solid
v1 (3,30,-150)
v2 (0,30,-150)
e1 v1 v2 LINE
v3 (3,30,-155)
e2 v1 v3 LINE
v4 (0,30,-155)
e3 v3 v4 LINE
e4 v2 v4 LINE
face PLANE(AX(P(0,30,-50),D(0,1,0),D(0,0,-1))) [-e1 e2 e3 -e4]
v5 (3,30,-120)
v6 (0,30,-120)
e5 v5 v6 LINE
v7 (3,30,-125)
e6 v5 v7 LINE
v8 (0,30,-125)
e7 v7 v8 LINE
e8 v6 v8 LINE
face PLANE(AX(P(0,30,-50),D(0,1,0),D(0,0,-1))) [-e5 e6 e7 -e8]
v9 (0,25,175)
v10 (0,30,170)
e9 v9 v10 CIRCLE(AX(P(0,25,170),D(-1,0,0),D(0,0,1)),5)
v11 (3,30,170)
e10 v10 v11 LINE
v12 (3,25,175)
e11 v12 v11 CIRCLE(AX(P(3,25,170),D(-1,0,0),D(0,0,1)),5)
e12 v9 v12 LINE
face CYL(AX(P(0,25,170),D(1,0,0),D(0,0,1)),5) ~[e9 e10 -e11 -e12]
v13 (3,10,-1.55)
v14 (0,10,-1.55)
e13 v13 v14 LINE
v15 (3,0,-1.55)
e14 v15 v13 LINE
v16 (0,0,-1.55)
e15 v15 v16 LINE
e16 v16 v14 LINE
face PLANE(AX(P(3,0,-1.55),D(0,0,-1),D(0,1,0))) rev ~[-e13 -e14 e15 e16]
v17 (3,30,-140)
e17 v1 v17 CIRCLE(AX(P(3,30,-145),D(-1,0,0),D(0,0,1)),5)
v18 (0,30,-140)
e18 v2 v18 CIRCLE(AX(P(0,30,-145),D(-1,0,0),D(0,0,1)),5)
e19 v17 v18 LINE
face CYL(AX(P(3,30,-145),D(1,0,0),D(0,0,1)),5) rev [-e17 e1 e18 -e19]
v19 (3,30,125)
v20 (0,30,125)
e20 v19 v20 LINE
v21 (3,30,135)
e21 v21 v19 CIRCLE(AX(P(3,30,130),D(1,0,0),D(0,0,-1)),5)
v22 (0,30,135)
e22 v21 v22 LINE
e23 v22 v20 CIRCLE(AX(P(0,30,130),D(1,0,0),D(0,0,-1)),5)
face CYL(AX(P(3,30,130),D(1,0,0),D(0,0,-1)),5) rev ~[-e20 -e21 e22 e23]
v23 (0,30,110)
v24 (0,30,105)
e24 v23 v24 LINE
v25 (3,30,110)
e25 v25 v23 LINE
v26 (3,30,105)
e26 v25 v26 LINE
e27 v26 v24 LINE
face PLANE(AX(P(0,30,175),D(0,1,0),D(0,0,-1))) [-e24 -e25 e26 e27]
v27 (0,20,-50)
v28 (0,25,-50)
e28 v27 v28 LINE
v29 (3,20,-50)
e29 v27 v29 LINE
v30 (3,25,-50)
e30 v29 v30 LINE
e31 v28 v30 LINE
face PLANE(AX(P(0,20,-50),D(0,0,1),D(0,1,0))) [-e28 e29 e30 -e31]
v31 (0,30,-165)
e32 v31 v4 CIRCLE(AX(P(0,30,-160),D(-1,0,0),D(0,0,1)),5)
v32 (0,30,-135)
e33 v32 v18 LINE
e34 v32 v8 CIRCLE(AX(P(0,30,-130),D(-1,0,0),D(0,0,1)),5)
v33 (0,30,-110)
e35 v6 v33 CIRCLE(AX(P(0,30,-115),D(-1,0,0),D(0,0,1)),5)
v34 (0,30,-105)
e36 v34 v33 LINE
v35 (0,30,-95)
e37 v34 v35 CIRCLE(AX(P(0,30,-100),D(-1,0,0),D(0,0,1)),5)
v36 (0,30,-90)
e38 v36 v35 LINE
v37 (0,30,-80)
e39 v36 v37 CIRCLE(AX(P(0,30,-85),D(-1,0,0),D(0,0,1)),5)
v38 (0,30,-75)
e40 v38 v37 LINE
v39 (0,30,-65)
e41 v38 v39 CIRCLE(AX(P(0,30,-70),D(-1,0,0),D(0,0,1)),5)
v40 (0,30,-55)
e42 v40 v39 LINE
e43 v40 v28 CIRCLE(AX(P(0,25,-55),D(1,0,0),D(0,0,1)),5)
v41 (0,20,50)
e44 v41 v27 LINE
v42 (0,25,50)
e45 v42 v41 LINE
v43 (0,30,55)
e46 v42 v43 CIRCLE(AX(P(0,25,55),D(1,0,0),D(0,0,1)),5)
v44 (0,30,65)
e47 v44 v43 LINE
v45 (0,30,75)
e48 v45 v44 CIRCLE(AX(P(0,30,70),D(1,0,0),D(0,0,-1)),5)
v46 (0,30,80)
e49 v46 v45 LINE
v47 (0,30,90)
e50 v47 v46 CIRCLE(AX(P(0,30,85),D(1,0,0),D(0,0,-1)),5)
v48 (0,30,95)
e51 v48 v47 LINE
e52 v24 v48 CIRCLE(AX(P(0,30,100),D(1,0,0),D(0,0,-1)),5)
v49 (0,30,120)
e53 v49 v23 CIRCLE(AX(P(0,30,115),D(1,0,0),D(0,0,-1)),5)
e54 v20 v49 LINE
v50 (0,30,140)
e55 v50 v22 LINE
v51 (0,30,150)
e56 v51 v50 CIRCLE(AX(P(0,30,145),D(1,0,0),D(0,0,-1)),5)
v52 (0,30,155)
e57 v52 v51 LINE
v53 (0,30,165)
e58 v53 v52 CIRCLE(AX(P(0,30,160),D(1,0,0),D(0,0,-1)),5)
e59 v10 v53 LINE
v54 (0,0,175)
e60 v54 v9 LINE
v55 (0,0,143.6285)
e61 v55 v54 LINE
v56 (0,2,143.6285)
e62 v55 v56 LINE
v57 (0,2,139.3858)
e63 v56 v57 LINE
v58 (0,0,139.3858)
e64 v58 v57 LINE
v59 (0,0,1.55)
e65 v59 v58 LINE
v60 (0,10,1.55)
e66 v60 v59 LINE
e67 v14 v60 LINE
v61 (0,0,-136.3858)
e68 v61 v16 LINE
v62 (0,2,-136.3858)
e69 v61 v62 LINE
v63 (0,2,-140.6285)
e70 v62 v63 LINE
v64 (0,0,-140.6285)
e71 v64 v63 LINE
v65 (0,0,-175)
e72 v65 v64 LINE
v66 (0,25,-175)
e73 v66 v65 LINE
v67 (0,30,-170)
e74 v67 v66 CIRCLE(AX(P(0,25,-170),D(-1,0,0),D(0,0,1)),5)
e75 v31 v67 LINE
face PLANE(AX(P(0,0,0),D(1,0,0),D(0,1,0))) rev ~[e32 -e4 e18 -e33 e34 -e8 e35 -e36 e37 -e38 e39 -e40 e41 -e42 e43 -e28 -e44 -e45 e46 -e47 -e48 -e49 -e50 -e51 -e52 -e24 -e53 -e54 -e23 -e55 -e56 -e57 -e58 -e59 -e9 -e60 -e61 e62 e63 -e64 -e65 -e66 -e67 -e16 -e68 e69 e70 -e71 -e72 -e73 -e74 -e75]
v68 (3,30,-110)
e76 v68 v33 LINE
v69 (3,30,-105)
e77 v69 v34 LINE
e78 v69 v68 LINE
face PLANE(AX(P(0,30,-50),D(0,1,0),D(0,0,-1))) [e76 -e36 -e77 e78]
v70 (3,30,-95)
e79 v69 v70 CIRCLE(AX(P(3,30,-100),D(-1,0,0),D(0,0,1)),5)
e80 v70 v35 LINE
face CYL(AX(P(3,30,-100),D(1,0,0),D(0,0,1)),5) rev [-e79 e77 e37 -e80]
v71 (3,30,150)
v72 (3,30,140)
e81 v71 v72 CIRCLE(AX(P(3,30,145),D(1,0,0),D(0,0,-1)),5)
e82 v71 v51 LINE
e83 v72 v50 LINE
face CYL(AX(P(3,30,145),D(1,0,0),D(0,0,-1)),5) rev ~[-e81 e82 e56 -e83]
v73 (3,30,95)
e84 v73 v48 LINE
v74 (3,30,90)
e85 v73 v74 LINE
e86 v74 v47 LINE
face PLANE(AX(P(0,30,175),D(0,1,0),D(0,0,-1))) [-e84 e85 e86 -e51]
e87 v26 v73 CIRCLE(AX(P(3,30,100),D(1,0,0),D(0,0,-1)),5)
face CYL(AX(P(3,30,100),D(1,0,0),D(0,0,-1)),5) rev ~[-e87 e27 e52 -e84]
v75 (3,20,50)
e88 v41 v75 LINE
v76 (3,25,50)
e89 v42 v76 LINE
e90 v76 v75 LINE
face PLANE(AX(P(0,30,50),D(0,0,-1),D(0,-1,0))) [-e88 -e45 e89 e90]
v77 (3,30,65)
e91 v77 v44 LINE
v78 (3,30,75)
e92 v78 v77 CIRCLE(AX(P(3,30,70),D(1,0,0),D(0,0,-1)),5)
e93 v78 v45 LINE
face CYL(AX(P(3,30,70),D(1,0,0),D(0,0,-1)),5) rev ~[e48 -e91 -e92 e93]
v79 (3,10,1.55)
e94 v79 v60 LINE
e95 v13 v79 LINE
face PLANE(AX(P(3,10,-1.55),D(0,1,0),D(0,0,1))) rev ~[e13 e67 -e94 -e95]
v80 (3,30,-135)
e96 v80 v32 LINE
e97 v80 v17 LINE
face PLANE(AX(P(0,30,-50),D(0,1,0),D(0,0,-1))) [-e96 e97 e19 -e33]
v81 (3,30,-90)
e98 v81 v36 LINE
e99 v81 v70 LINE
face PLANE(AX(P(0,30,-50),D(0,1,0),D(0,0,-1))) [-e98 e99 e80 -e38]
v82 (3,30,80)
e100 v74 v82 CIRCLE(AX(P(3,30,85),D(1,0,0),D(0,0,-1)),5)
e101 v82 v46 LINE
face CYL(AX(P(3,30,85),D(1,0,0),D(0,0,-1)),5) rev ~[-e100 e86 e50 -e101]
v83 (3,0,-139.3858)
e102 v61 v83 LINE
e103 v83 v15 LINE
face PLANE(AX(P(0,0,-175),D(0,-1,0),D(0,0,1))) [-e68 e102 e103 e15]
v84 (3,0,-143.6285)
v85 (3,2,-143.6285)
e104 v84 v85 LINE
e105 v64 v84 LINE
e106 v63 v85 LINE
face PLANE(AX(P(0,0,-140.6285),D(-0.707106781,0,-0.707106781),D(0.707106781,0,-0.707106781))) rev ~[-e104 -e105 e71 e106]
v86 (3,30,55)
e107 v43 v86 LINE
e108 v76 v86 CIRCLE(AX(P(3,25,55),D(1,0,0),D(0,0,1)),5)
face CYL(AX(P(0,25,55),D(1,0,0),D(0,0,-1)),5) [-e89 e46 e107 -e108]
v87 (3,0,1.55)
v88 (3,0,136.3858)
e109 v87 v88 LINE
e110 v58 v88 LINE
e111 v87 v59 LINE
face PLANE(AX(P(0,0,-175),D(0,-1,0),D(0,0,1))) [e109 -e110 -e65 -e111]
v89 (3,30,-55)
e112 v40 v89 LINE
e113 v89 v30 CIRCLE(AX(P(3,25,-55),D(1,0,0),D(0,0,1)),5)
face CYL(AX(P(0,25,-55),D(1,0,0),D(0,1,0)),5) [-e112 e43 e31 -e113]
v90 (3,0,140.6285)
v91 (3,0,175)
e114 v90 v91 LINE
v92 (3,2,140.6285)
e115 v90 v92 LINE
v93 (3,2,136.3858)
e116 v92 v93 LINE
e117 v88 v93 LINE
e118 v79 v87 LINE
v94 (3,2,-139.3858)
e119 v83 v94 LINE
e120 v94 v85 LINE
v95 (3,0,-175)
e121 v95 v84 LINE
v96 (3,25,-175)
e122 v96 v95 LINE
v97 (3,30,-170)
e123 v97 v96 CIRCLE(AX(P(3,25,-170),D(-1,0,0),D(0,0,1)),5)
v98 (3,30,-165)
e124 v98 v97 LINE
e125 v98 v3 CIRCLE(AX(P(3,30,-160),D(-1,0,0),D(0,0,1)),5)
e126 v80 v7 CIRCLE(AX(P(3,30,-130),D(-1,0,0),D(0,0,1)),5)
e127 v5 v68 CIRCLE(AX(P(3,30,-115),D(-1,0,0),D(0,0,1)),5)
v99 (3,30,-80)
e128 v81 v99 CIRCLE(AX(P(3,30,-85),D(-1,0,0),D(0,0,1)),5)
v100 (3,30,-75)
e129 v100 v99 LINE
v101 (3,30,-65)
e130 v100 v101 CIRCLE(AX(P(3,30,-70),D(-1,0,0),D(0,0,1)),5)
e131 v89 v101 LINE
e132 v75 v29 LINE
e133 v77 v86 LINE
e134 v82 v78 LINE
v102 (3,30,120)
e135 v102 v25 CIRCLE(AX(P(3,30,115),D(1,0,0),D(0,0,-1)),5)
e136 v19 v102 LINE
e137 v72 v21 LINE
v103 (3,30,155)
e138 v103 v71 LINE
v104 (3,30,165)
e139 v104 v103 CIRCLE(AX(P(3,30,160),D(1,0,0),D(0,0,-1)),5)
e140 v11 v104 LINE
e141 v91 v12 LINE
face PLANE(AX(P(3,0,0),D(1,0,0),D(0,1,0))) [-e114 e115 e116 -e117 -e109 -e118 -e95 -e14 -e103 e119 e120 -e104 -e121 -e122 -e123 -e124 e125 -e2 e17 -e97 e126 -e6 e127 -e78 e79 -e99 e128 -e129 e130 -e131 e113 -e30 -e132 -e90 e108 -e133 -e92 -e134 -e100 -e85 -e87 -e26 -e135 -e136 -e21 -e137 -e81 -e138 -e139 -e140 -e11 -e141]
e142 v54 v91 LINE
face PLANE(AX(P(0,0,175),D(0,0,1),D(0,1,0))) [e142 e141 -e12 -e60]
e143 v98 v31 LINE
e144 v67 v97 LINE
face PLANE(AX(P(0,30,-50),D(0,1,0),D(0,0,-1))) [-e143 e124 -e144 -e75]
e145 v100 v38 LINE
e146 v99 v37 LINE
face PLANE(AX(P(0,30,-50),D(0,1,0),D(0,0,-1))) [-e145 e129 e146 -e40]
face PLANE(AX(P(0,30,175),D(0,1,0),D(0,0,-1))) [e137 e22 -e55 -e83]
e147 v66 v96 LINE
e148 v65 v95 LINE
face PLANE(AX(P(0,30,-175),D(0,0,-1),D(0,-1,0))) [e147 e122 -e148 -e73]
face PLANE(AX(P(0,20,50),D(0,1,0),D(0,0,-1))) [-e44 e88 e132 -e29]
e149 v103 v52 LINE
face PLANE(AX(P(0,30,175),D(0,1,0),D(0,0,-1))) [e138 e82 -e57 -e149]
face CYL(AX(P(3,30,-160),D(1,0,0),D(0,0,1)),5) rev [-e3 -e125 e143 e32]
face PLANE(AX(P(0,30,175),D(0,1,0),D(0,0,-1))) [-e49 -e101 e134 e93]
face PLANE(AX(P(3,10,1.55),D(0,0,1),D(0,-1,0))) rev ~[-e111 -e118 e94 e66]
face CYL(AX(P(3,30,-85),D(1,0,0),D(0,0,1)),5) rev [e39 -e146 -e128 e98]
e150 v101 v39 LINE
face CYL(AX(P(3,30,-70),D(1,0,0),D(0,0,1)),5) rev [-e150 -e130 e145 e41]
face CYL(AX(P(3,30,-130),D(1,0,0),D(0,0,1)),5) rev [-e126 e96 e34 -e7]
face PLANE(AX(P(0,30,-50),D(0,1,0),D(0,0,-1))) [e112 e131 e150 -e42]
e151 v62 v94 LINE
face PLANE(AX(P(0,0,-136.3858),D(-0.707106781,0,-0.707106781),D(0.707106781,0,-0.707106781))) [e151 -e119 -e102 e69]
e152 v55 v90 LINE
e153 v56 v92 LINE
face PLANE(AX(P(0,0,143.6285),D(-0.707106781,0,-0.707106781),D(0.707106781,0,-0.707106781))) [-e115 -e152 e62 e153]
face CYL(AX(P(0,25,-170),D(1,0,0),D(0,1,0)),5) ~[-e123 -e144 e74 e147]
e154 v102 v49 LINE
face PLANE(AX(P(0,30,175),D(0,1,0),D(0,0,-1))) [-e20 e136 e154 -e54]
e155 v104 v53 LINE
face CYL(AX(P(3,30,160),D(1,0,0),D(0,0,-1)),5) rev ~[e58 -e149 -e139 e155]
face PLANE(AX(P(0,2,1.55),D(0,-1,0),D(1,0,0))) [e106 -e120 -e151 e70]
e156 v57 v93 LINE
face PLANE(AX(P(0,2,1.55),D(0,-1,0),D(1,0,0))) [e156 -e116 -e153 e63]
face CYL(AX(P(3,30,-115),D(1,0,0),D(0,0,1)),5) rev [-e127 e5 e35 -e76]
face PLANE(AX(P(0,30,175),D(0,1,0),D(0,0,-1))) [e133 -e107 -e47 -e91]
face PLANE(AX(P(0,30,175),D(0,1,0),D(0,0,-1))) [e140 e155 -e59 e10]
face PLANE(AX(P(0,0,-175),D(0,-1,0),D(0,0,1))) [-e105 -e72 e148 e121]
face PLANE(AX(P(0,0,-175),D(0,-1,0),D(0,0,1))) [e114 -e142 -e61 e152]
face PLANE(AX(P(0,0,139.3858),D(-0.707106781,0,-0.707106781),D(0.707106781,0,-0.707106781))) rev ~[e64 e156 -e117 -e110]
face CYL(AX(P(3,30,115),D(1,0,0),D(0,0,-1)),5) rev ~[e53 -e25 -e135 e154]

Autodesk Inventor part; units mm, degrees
ref_plane "YZ Plane" through (0, 0, 0) normal (1, 0, 0) x (0, 1, 0)
ref_plane "XZ Plane" through (0, 0, 0) normal (0, 1, 0) x (-1, 0, 0)
ref_plane "XY Plane" through (0, 0, 0) normal (0, 0, 1) x (1, 0, 0)
sketch "Sketch1" plane through (0, 0, 0) normal (1, 0, 0) x (0, 1, 0)
  line L0 (0, 175) -> (30, 175)
  line L1 (30, 175) -> (30, -175)
  line L2 (30, -175) -> (0, -175)
  line L3 (0, -175) -> (0, 175)
  line L4 (30, 50) -> (20, 50)
  line L5 (20, 50) -> (20, -50)
  line L6 (20, -50) -> (30, -50)
  line L7 (30, -50) -> (30, 50)
  point P0 (0, 0)
  point P1 (0, 0)
  point P2 (20, 0)
  dimension "d0" = 30
  dimension "d1" = 350
  dimension "d2" = 0
  dimension "d3" = 100
  dimension "d4" = 0
  dimension "d5" = 10
extrude "Extrusion1" add sketch "Sketch1" along normal blind 3 contours L0 L1 L4 L5 L6 L2 L3
sketch "Sketch2" plane through (3, 0, 0) normal (1, 0, 0) x (0, 0, -1)
  line L0 (-1.55, -10) -> (1.55, -10)
  line L1 (1.55, 0) -> (1.55, 10)
  line L2 (1.55, 10) -> (-1.55, 10)
  line L3 (-1.55, 10) -> (-1.55, 0)
  line L4 (-1.55, -10) -> (1.55, 10) construction
  line L5 (1.55, -10) -> (-1.55, 10) construction
  line L6 (-175, 0) -> (175, 0) projected
  line L7 (175, 0) -> (175, 30) projected
  line L8 (175, 30) -> (50, 30) projected
  line L9 (50, 30) -> (50, 20) projected
  line L10 (50, 20) -> (-50, 20) projected
  line L11 (-50, 20) -> (-50, 30) projected
  line L12 (-50, 30) -> (-175, 30) projected
  line L13 (-175, 30) -> (-175, 0) projected
  point P0 (0, 0)
  dimension "d8" = 3.1
  dimension "d9" = 20
extrude "Extrusion2" cut sketch "Sketch2" against normal blind 3 contours L6 L3 L2 L1
sketch "Sketch3" plane through (3, 0, 0) normal (1, 0, 0) x (0, 0, -1)
  line L0 (-50, 30) -> (-175, 30) projected
  circle A0 centre (-160, 30) radius 5
  circle A1 centre (-145, 30) radius 5
  circle A2 centre (-130, 30) radius 5
  circle A3 centre (-115, 30) radius 5
  circle A4 centre (-85, 30) radius 5
  circle A5 centre (-100, 30) radius 5
  line L1 (-175, 30) -> (-175, 0) projected
  circle A6 centre (-70, 30) radius 5
  point P0 (0, 0)
  point P1 (-75, 30)
  point P2 (-65, 30)
  point P3 (-90, 30)
  point P4 (-80, 30)
  point P5 (-105, 30)
  point P6 (-95, 30)
  point P7 (-120, 30)
  point P8 (-110, 30)
  point P9 (-135, 30)
  point P10 (-125, 30)
  point P11 (-150, 30)
  point P12 (-140, 30)
  point P13 (-165, 30)
  point P14 (-155, 30)
  dimension "d12" = 10
  dimension "d13" = 10
  dimension "d14" = 10
  dimension "d16" = 10
  dimension "d17" = 10
  dimension "d18" = 10
  dimension "d19" = 15
  dimension "d20" = 15
  dimension "d21" = 15
  dimension "d22" = 15
  dimension "d23" = 15
  dimension "d24" = 15
  dimension "d25" = 10
  dimension "d26" = 15
extrude "Extrusion3" cut sketch "Sketch3" against normal blind 3 contours A6 L0 | A0 L0 | A1 L0 | A2 L0 | A3 L0 | A5 L0 | A4 L0 picked at (-68.8623, 27.8538) picked at (-161.4384, 28.1203) picked at (-146.4384, 28.1203) picked at (-131.2475, 28.8948) picked at (-113.8623, 27.8538) picked at (-98.8623, 27.8538) picked at (-83.8623, 27.8538)
fillet "Fillet1" radius 5 1 edges at (1.5, 30, 175)
fillet "Fillet2" radius 5 1 edges at (1.5, 30, 50)
mirror "Mirror1" about plane through (0, 0, 0) normal (0, 0, 1) of "Extrusion3", "Fillet1", "Fillet2"
sketch "Sketch6" plane through (0, 0, 1.55) normal (0, -1, 0) x (1, 0, 0)
  line L0 (0, 0) -> (3, 0) projected
  line L1 (3, 173.45) -> (3, 0) projected
  line L2 (0, 173.45) -> (3, 173.45) projected
  line L3 (0, 173.45) -> (0, 0) projected
  line L4 (3, -3.1) -> (0, -3.1) projected
  line L5 (0, -3.1) -> (0, -176.55) projected
  line L6 (0, -176.55) -> (3, -176.55) projected
  line L7 (3, -3.1) -> (3, -176.55) projected
  line L8 (0, 142.0785) -> (3, 139.0785)
  line L9 (0, 137.8358) -> (3, 134.8358)
  line L10 (0, -137.9358) -> (3, -140.9358)
  line L11 (0, -142.1785) -> (3, -145.1785)
  line L12 (3, 0) -> (3, -3.1) projected
  line L13 (0, -1.55) -> (3, -1.55)
  point P0 (1.5, -1.55)
  dimension "d42" = 45
  dimension "d43" = 3
  dimension "d44" = 3
  dimension "d45" = 195
  dimension "d50" = 97.5
extrude "Extrusion5" cut sketch "Sketch6" against normal blind 2 contours L3 L8 L1 L9 | L7 L11 L5 L10
equation "\"d13\" = d12"
equation "\"d14\" = d12"
equation "\"d16\" = d12"
equation "\"d17\" = d12"
equation "\"d18\" = d12"
equation "\"d21\" = d20"
equation "\"d22\" = d21"
equation "\"d23\" = d22"
equation "\"d24\" = d23"
equation "\"d25\" = d12"
equation "\"d26\" = d24"
properties part number "StoveTop1" material "Steel"
